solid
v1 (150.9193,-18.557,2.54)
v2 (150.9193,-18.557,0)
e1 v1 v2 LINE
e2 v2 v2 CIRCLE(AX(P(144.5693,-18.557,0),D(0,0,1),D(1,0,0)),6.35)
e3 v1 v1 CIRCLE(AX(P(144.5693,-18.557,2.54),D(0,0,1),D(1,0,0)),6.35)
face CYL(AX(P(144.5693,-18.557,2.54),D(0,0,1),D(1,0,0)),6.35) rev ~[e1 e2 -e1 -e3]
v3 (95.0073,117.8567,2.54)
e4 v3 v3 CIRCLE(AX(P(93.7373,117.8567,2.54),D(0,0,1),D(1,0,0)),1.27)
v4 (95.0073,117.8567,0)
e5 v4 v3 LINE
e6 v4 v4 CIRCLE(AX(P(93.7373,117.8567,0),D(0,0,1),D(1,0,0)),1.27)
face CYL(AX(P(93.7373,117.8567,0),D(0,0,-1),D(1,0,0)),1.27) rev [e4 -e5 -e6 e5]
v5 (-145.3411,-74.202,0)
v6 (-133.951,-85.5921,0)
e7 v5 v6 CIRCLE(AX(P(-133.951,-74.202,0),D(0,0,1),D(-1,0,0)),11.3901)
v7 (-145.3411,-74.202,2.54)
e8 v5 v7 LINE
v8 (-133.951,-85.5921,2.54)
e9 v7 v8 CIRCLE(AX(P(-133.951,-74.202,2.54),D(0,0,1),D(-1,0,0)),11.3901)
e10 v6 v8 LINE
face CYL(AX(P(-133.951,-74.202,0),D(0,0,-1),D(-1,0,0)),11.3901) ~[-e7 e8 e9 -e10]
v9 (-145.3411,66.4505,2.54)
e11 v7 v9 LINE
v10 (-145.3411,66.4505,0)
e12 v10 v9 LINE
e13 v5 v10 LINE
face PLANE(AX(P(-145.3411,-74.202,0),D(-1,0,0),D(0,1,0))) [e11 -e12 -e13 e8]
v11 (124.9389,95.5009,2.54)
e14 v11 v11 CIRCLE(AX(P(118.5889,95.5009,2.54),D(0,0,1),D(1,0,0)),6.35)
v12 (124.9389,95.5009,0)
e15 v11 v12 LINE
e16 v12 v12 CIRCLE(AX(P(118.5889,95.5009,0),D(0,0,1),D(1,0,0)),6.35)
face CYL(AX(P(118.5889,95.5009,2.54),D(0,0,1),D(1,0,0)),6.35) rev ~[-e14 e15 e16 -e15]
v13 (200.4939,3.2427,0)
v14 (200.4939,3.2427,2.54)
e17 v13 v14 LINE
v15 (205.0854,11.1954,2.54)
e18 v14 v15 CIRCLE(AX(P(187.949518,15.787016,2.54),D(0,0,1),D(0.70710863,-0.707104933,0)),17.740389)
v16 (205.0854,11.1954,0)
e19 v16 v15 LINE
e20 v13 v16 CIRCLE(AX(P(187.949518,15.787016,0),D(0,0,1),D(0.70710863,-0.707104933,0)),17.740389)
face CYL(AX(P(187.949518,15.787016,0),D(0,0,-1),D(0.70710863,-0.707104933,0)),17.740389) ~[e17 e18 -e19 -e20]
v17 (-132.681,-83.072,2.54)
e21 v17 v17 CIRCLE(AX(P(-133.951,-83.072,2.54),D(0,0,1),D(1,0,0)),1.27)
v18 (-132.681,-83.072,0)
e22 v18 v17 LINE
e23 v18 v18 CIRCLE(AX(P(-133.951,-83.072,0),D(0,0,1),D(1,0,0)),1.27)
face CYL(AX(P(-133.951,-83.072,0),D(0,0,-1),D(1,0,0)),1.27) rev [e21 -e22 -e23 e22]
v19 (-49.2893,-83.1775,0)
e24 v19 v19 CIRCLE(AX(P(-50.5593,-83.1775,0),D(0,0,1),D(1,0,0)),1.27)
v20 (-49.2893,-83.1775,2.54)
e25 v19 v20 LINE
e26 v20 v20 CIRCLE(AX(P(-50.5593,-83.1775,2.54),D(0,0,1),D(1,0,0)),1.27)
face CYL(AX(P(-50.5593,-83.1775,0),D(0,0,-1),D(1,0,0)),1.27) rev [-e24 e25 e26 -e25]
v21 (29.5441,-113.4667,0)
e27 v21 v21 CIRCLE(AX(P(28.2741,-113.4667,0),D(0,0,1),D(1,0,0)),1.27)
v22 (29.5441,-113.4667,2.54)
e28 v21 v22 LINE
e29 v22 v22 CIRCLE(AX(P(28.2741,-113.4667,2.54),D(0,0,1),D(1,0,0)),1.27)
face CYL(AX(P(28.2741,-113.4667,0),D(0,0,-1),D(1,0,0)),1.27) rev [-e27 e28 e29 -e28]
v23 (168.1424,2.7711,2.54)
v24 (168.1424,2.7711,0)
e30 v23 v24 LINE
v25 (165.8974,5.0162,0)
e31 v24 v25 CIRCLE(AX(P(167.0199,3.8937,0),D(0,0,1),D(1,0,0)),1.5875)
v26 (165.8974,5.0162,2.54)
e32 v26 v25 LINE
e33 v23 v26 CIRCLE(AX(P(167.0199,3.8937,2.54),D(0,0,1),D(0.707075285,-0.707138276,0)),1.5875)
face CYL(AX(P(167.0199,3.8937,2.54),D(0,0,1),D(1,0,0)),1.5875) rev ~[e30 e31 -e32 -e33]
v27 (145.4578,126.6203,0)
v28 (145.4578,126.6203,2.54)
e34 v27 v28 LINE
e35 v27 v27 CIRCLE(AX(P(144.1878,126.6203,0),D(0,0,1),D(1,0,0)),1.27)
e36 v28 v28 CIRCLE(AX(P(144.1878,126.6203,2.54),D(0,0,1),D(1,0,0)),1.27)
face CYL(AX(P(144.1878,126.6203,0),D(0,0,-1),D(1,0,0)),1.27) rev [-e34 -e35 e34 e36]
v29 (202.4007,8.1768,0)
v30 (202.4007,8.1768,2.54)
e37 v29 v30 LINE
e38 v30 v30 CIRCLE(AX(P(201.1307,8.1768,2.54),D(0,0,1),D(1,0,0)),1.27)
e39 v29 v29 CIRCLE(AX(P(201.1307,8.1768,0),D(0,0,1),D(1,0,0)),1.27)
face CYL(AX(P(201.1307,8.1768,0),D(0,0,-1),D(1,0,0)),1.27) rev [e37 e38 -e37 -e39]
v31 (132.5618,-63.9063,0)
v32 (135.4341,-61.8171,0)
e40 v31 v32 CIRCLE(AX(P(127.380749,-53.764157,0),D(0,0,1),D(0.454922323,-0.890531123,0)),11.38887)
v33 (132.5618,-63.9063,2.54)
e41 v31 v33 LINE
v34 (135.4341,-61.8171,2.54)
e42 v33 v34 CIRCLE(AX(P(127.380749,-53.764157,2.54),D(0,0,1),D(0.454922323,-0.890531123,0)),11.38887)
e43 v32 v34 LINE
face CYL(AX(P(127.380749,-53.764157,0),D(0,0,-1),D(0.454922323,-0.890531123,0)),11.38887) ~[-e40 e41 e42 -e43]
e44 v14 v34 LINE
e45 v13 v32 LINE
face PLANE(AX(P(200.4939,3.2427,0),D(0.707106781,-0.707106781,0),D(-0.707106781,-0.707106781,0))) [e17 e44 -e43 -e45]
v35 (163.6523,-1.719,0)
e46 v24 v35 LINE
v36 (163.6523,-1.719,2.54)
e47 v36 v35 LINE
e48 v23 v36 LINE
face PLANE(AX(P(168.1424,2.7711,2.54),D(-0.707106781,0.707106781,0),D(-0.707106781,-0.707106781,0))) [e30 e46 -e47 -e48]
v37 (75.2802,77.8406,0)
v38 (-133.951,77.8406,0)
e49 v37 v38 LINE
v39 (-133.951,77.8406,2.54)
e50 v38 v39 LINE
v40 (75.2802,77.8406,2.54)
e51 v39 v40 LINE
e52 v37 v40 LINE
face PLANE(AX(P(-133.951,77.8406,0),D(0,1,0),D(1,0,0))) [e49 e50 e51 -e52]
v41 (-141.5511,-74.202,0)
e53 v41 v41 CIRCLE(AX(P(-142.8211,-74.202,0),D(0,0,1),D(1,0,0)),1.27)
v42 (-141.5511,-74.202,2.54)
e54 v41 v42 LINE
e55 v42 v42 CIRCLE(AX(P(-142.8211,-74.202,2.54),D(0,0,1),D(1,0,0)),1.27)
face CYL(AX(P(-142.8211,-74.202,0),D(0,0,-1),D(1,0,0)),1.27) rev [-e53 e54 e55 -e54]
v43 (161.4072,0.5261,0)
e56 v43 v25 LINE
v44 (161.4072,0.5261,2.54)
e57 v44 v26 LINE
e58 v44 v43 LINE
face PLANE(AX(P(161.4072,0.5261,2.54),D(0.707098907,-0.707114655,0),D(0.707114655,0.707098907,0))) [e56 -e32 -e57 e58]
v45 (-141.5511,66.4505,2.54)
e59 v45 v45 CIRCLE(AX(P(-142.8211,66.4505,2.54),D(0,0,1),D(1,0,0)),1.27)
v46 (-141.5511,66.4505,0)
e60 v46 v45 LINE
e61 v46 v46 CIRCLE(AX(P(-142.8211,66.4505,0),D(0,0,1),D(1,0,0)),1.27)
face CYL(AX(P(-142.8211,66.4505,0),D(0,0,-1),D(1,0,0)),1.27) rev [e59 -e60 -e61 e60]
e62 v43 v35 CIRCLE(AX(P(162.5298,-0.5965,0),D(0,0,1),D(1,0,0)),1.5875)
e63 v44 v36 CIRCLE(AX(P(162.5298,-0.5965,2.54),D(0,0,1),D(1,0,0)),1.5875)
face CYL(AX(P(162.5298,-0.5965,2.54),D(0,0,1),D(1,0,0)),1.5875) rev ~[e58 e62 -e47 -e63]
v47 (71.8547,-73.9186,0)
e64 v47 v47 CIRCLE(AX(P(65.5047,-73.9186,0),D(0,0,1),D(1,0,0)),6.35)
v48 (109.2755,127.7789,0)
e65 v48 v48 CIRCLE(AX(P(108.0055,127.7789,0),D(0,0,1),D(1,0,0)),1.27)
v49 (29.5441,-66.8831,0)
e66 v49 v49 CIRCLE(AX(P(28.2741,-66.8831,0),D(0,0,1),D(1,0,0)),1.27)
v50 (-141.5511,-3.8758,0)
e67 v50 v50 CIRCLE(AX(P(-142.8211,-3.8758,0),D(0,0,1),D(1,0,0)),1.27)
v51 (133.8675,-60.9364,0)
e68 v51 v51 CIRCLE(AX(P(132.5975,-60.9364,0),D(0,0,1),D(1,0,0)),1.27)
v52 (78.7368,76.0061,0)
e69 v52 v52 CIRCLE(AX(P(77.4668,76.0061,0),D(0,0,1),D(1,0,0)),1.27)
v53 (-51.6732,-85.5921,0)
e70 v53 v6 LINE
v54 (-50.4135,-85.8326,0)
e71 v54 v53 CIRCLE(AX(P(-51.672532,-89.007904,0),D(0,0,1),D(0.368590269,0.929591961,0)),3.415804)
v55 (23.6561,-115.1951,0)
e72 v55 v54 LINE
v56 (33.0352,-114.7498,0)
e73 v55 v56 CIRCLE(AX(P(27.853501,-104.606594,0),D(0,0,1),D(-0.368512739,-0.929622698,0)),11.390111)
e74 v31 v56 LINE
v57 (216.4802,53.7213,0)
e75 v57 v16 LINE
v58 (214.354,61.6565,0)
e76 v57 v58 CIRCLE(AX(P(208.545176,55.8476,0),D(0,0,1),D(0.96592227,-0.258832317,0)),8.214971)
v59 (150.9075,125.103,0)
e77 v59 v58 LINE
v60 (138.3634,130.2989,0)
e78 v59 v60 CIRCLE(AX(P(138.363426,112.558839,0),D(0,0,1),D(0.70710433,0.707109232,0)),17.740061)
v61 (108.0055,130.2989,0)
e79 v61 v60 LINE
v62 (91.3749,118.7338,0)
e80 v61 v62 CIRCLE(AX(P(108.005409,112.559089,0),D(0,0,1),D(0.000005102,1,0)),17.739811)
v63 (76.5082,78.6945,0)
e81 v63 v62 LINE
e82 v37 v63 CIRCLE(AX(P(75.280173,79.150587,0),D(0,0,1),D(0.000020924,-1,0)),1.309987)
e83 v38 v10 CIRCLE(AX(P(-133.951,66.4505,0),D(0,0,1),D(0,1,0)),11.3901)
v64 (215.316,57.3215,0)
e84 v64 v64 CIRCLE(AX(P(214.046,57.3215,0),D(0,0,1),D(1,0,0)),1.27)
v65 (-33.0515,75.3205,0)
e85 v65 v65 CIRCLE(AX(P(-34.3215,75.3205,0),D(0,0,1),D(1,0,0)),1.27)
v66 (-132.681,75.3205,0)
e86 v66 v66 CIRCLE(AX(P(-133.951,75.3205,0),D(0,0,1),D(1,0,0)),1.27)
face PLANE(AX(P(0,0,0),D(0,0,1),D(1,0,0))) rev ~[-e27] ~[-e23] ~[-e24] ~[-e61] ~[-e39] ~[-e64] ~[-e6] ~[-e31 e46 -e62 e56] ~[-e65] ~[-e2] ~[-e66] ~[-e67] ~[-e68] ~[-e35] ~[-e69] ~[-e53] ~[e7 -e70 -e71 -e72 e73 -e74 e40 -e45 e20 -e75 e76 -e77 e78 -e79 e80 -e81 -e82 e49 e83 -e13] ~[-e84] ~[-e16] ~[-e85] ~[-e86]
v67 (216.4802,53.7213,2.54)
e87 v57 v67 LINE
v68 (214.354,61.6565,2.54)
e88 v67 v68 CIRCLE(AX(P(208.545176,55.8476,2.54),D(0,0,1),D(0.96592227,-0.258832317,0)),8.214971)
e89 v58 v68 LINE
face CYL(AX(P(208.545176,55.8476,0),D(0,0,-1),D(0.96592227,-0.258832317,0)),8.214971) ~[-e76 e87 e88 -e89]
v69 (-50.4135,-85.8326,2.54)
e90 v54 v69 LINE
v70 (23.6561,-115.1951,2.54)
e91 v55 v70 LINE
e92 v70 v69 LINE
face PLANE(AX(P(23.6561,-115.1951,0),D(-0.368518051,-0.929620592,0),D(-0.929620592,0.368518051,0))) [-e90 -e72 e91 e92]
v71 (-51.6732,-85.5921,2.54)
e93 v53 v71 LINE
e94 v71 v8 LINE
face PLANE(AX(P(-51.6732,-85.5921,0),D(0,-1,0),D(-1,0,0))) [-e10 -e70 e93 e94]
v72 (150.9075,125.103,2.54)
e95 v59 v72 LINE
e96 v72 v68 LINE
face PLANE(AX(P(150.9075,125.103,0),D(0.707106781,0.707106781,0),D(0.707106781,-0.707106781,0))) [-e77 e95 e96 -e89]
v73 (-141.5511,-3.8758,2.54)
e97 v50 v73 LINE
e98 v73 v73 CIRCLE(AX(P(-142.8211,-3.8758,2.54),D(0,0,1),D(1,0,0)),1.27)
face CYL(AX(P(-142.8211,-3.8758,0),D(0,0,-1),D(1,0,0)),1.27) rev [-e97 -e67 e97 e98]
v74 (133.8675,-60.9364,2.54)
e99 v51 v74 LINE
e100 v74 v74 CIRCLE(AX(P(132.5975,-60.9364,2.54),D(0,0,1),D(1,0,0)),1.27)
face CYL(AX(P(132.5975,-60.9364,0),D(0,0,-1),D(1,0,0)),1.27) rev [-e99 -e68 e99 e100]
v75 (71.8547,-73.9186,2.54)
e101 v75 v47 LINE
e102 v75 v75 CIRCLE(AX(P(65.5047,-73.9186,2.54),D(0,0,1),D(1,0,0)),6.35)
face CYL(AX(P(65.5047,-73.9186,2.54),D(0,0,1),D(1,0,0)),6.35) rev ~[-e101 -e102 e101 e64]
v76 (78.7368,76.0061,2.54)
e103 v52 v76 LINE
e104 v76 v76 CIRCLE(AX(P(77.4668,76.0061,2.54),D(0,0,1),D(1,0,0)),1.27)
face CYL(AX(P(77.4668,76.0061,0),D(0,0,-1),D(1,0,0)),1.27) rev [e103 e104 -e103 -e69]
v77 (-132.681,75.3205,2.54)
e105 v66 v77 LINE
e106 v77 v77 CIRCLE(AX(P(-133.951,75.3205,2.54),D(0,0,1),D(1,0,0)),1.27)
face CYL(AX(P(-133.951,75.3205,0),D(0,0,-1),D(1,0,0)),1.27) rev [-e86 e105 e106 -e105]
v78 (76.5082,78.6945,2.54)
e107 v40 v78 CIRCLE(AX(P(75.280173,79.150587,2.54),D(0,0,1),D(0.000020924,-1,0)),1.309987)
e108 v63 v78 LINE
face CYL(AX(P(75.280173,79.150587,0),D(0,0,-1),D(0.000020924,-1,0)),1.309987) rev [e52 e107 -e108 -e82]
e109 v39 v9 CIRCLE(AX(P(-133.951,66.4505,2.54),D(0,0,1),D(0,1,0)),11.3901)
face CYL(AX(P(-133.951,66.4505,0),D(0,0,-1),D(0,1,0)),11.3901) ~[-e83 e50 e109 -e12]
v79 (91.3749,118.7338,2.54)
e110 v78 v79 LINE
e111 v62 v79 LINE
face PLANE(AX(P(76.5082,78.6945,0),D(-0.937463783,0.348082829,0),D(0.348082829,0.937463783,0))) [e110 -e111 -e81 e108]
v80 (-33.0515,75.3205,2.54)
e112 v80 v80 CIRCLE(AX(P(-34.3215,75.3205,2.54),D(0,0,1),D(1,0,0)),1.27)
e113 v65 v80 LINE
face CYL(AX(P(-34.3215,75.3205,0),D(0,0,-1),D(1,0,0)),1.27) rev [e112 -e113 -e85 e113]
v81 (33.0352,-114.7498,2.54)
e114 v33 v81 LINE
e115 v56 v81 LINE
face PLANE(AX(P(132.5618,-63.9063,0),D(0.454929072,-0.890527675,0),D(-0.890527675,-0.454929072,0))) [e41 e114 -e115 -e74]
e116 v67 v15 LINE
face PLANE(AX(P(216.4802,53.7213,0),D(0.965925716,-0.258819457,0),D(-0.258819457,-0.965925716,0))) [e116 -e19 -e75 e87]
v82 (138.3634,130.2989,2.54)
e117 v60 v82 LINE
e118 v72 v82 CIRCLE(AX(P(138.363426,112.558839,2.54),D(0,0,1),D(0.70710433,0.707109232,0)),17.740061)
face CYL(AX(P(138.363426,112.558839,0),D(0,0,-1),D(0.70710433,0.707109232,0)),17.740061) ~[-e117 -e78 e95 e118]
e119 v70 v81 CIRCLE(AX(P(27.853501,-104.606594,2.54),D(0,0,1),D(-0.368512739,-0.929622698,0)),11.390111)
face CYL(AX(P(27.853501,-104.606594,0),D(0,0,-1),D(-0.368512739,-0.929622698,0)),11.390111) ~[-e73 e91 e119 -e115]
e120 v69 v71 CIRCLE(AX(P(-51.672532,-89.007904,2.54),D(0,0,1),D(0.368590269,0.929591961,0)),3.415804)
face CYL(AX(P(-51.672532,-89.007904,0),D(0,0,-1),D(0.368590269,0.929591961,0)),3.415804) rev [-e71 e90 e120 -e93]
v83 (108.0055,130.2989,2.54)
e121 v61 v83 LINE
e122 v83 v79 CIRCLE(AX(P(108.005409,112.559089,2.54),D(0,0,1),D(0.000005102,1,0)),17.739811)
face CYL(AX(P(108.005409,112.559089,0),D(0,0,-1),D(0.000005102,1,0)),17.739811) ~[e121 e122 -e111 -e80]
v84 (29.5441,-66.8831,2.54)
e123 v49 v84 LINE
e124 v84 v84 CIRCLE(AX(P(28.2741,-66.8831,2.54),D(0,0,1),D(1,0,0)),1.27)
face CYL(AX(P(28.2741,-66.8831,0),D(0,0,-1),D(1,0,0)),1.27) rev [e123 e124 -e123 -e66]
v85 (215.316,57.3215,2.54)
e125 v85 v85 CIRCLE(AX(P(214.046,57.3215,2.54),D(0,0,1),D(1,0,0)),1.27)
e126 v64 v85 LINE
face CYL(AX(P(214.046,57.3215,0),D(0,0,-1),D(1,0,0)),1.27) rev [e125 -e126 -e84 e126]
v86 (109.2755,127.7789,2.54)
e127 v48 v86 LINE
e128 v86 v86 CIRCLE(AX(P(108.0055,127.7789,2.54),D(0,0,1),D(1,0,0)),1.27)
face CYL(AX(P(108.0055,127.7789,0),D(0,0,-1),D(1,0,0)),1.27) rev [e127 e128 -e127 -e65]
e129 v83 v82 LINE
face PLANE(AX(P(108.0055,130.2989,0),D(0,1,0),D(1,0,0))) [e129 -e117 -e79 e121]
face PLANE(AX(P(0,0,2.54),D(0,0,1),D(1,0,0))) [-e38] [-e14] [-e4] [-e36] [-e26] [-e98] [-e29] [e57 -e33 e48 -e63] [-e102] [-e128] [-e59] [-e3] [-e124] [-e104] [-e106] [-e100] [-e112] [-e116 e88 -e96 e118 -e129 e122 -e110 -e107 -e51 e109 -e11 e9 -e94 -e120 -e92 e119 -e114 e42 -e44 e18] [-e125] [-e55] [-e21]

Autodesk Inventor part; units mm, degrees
ref_plane "YZ Plane" through (0, 0, 0) normal (1, 0, 0) x (0, 1, 0)
ref_plane "XZ Plane" through (0, 0, 0) normal (0, 1, 0) x (-1, 0, 0)
ref_plane "XY Plane" through (0, 0, 0) normal (0, 0, 1) x (1, 0, 0)
sketch "Profile" plane through (0, 0, 0) normal (0, 0, 1) x (1, 0, 0)
  arc A0 (-133.951, 77.8406) -> (-145.3411, 66.4505) centre (-133.951, 66.4505) ccw
  line L0 (-133.951, 77.8406) -> (-53.1048, 77.8406)
  line L1 (-34.3215, 77.8406) -> (75.2802, 77.8406)
  line L2 (-53.1048, 77.8406) -> (-34.3215, 77.8406)
  arc A1 (75.2802, 77.8406) -> (76.5082, 78.6945) centre (75.2802, 79.1505) ccw
  line L3 (76.5082, 78.6945) -> (91.3749, 118.7338)
  arc A2 (108.0055, 130.2989) -> (91.3749, 118.7338) centre (108.0055, 112.5588) ccw
  line L4 (108.0055, 130.2989) -> (138.3634, 130.2989)
  arc A3 (150.9075, 125.103) -> (138.3634, 130.2989) centre (138.3634, 112.5588) ccw
  line L5 (150.9075, 125.103) -> (214.354, 61.6565)
  arc A4 (216.4802, 53.7213) -> (214.354, 61.6565) centre (208.545, 55.8476) ccw
  line L6 (216.4802, 53.7213) -> (205.0854, 11.1954)
  arc A5 (200.4939, 3.2427) -> (205.0854, 11.1954) centre (187.9498, 15.7868) ccw
  line L7 (200.4939, 3.2427) -> (135.4341, -61.8171)
  arc A6 (132.5618, -63.9063) -> (135.4341, -61.8171) centre (127.3801, -53.7631) ccw
  line L8 (132.5618, -63.9063) -> (33.0352, -114.7498)
  arc A7 (23.6561, -115.1951) -> (33.0352, -114.7498) centre (27.8535, -104.6066) ccw
  line L9 (23.6561, -115.1951) -> (-50.4135, -85.8326)
  arc A8 (-50.4135, -85.8326) -> (-51.6732, -85.5921) centre (-51.6732, -89.0102) ccw
  line L10 (-51.6732, -85.5921) -> (-133.951, -85.5921)
  arc A9 (-145.3411, -74.202) -> (-133.951, -85.5921) centre (-133.951, -74.202) ccw
  line L11 (-145.3411, -74.202) -> (-145.3411, 66.4505)
  circle A10 centre (-133.951, 75.3205) radius 1.27
  circle A11 centre (-142.8211, 66.4505) radius 1.27
  circle A12 centre (-34.3215, 75.3205) radius 1.27
  circle A13 centre (77.4668, 76.0061) radius 1.27
  circle A14 centre (93.7373, 117.8567) radius 1.27
  circle A15 centre (108.0055, 127.7789) radius 1.27
  circle A16 centre (144.1878, 126.6203) radius 1.27
  circle A17 centre (214.046, 57.3215) radius 1.27
  circle A18 centre (201.1307, 8.1768) radius 1.27
  circle A19 centre (132.5975, -60.9364) radius 1.27
  circle A20 centre (28.2741, -113.4667) radius 1.27
  circle A21 centre (-50.5593, -83.1775) radius 1.27
  circle A22 centre (-133.951, -83.072) radius 1.27
  circle A23 centre (-142.8211, -74.202) radius 1.27
  circle A24 centre (-142.8211, -3.8758) radius 1.27
  line L12 (28.2741, -113.4667) -> (28.2741, -66.8831) construction
  circle A25 centre (28.2741, -66.8831) radius 1.27
  point P0 (0, 0)
  dimension "d2" = 46.5836
extrude "BaseFeature" add sketch "Profile" along normal blind 2.54
sketch "BatteryMount" plane through (0, 0, 2.54) normal (0, 0, 1) x (1, 0, 0)
  circle A0 centre (118.5889, 95.5009) radius 6.35
  circle A1 centre (118.5889, 95.5009) radius 6.35
  arc A2 (102.7139, 117.5989) -> (99.5389, 114.4239) centre (102.7139, 114.4239) ccw
  line L0 (99.5389, 114.4239) -> (99.5389, 76.5779)
  arc A3 (99.5389, 76.5779) -> (102.7139, 73.4029) centre (102.7139, 76.5779) ccw
  line L1 (102.7139, 73.4029) -> (134.4639, 73.4029)
  arc A4 (134.4639, 73.4029) -> (137.6389, 76.5779) centre (134.4639, 76.5779) ccw
  line L2 (137.6389, 76.5779) -> (137.6389, 114.4239)
  arc A5 (137.6389, 114.4239) -> (134.4639, 117.5989) centre (134.4639, 114.4239) ccw
  line L3 (134.4639, 117.5989) -> (102.7139, 117.5989)
  line L4 (138.3634, 130.2989) -> (108.0055, 130.2989) projected
  point P0 (0, 0)
  dimension "d3" = 37.846
  dimension "d4" = 31.75
  dimension "d5" = 3.175
  dimension "d6" = 12.7
  dimension "d7" = 22.098
  dimension "d8" = 19.05
  dimension "d9" = 12.7
  dimension "d10" = 8.4667
extrude "BatteryMountFeature" cut sketch "BatteryMount" against normal through all contours A0
sketch "Outputs" plane through (0, 0, 2.54) normal (0, 0, 1) x (1, 0, 0)
  circle A0 centre (65.5047, -73.9186) radius 6.35
  circle A1 centre (144.5693, -18.557) radius 6.35
  line L0 (135.4341, -61.8171) -> (200.4939, 3.2427) projected
  line L1 (33.0352, -114.7498) -> (132.5618, -63.9063) construction
  line L2 (144.5693, -18.557) -> (65.5047, -73.9186) construction
  point P0 (0, 0)
  dimension "d13" = 12.7
  dimension "d14" = 24.13
  dimension "d15" = 21.59
  dimension "d16" = 10
  dimension "d17" = 96.52
extrude "OutputHolesFeature" cut sketch "Outputs" against normal through all
sketch "USB-CInput" plane through (0, 0, 2.54) normal (0, 0, 1) x (1, 0, 0)
  circle A0 centre (162.5298, -0.5965) radius 1.5875
  circle A1 centre (167.0199, 3.8937) radius 1.5875
  line L0 (162.5298, -0.5965) -> (167.0199, 3.8937) construction
  line L1 (135.4341, -61.8171) -> (200.4939, 3.2427) construction
  circle A2 centre (144.5693, -18.557) radius 6.35 construction
  line L2 (162.5298, -0.5965) -> (144.5693, -18.557) construction
  line L3 (161.4072, 0.5261) -> (165.8974, 5.0162)
  line L4 (168.1424, 2.7711) -> (163.6523, -1.719)
  point P0 (0, 0)
  dimension "d20" = 3.175
  dimension "d21" = 25.4
  dimension "d22" = 6.35
extrude "USB-CInputFeature" cut sketch "USB-CInput" against normal through all
properties part number "electronics-cover"
